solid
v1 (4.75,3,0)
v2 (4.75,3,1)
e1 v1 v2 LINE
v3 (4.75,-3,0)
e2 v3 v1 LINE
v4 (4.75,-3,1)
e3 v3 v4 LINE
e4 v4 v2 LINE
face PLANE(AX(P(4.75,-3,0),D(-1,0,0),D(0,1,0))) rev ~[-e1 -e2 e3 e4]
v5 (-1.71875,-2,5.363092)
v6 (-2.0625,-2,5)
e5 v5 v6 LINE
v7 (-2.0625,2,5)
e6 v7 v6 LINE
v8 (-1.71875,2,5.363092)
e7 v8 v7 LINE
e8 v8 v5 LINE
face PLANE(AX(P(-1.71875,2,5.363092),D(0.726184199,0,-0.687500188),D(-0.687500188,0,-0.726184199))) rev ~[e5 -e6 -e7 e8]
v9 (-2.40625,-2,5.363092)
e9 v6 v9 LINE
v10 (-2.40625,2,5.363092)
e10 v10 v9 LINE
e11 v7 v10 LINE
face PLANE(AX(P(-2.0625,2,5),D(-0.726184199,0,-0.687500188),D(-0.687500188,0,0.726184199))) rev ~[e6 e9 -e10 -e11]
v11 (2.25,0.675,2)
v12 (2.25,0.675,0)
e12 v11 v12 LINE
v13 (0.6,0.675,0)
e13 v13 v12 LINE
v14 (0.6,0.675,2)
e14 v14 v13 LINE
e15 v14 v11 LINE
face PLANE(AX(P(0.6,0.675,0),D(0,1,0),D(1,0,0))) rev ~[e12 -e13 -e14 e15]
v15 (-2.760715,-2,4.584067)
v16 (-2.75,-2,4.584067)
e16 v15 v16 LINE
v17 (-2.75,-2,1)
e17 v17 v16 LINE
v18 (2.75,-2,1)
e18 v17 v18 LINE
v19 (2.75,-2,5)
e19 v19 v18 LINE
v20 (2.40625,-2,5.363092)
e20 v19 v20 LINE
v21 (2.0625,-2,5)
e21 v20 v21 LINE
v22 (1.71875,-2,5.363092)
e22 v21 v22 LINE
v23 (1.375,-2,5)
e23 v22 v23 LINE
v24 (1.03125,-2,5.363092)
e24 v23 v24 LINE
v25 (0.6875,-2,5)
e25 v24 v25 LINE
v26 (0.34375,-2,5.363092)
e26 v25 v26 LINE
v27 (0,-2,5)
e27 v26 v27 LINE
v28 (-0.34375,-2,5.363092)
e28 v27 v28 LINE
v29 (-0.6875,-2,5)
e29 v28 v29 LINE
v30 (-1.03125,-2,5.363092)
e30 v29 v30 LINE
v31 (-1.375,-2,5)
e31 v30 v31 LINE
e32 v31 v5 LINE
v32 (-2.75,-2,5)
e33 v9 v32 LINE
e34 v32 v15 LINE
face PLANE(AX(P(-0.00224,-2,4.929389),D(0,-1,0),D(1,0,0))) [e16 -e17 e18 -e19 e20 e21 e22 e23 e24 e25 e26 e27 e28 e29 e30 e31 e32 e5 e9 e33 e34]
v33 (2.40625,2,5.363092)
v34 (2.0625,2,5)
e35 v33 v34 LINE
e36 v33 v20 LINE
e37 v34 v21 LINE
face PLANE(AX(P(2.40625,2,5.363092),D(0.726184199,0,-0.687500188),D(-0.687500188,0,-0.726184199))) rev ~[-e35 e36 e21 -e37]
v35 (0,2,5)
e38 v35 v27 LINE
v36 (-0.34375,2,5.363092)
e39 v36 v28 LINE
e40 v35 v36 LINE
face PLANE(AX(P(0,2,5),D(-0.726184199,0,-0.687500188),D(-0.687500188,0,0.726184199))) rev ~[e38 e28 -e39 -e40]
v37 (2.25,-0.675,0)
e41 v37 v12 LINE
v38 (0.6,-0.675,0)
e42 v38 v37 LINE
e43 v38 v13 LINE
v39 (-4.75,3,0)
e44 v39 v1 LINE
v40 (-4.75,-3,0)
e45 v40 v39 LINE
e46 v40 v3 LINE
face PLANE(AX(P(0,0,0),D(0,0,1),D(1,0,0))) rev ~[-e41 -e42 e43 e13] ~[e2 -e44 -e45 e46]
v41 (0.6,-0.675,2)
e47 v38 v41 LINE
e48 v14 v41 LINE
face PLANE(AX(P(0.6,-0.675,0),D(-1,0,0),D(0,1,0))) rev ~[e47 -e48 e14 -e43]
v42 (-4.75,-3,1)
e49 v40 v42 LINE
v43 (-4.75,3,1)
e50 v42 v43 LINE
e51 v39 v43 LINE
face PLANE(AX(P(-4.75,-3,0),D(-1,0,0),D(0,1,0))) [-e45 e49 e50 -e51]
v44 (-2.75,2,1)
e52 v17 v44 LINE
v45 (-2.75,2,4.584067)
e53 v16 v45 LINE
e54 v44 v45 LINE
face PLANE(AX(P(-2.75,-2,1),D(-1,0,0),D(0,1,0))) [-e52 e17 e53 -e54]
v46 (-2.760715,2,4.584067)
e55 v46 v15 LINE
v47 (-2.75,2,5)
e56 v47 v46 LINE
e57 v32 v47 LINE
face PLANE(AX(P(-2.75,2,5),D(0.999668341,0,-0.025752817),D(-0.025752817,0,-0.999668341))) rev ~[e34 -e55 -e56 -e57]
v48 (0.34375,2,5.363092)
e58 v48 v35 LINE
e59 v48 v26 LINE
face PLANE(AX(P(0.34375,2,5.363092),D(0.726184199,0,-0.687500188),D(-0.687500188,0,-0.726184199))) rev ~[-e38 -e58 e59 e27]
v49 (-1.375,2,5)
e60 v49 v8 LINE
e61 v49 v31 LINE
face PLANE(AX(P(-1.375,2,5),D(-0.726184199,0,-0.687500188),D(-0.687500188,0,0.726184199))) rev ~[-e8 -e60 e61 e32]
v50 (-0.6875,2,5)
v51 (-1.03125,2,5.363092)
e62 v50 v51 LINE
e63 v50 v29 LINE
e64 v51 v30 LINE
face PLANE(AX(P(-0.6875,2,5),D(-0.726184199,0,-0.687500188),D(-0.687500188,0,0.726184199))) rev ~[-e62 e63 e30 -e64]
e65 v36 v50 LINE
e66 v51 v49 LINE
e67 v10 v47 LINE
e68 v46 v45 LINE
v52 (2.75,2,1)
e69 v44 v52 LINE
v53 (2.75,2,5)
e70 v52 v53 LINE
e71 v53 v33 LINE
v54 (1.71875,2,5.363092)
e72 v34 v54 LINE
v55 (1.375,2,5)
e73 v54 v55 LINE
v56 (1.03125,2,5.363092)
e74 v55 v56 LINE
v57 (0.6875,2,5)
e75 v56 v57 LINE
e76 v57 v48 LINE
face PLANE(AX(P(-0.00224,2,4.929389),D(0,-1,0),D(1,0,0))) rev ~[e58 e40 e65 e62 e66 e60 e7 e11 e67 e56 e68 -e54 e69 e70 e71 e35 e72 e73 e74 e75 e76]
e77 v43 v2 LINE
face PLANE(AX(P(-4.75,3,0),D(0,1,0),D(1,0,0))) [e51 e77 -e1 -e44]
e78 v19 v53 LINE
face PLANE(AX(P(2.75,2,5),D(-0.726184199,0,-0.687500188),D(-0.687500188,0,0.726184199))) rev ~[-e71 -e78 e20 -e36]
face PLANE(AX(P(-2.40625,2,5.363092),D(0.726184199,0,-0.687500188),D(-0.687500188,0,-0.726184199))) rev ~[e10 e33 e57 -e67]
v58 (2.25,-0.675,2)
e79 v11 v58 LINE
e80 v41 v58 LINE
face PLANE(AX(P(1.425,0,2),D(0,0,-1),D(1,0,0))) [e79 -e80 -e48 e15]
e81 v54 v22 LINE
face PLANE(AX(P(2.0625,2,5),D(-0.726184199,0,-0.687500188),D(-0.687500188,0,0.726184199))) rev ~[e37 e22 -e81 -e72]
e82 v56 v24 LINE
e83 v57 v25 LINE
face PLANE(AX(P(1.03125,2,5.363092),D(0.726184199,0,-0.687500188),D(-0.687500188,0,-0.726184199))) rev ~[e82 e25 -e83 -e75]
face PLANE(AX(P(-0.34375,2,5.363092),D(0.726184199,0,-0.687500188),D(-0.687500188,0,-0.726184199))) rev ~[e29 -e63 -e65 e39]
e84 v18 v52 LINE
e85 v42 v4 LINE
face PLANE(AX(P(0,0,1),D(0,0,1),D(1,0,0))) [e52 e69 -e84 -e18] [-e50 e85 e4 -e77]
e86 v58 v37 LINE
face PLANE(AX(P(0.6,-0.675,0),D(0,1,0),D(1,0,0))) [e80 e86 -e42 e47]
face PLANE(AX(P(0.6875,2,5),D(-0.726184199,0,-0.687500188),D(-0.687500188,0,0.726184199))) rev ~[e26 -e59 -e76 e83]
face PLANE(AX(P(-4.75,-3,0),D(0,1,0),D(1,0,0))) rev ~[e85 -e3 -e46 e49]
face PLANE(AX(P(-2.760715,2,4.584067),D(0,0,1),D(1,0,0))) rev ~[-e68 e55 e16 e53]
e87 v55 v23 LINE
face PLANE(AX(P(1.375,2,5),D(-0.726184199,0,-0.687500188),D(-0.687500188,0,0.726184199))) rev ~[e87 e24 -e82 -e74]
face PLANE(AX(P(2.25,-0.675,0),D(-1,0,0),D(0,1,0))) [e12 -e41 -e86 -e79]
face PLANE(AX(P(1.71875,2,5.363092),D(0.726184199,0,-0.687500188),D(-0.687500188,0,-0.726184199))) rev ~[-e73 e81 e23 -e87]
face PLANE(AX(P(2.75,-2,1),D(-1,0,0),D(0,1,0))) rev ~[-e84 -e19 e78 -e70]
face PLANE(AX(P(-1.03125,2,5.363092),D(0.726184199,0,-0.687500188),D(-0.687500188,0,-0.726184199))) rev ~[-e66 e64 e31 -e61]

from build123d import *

# Parameters (mm, degrees)
SKETCH_W     = 9.5
SKETCH_H     = 6
SKETCH_W_2   = 1.65
SKETCH_H_2   = 1.35
PAD_DEPTH    = 1
SKETCH001_W  = 5.5
SKETCH001_H  = 4
PAD001_DEPTH = 4
SKETCH002_W  = 1.65
SKETCH002_H  = 1.35
POCKET_DEPTH = 2
PAD002_DEPTH = 4


with BuildPart() as part:
    # Sketch → Pad (new body)
    with BuildSketch(Plane.XY):
        Rectangle(SKETCH_W, SKETCH_H)
        with Locations((1.425, 0)):
            Rectangle(SKETCH_W_2, SKETCH_H_2, mode=Mode.SUBTRACT)
    extrude(amount=PAD_DEPTH)

    # Sketch001 (on Face10 of Pad) → Pad001 (join)
    with BuildSketch(Plane.XY.offset(1)):
        Rectangle(SKETCH001_W, SKETCH001_H)
    extrude(amount=PAD001_DEPTH)

    # Sketch002 (on Face4 of Pad001) → Pocket (cut)
    with BuildSketch(Plane(origin=(0, 0, 0), x_dir=(1, 0, 0), z_dir=(0, 0, -1))):
        with Locations((1.425, 0)):
            Rectangle(SKETCH002_W, SKETCH002_H)
    extrude(amount=-POCKET_DEPTH, mode=Mode.SUBTRACT)

    # Sketch003 (on Face11 of Pocket) → Pad002 (join)
    with BuildSketch(Plane(origin=(0, 2, 0), x_dir=(-1, 0, 0), z_dir=(0, 1, 0))):
        Polygon((-2.75, 5), (-2.40625, 5.363092), (-2.0625, 5), (-1.71875, 5.363092), (-1.375, 5), (-1.03125, 5.363092), (-0.6875, 5), (-0.34375, 5.363092), (0, 5), (0.34375, 5.363092), (0.6875, 5), (1.03125, 5.363092), (1.375, 5), (1.71875, 5.363092), (2.0625, 5), (2.40625, 5.363092), (2.75, 5), (2.760715, 4.584067), (-2.75, 4.584067), align=None)
    extrude(amount=-PAD002_DEPTH)


solid = part.part
